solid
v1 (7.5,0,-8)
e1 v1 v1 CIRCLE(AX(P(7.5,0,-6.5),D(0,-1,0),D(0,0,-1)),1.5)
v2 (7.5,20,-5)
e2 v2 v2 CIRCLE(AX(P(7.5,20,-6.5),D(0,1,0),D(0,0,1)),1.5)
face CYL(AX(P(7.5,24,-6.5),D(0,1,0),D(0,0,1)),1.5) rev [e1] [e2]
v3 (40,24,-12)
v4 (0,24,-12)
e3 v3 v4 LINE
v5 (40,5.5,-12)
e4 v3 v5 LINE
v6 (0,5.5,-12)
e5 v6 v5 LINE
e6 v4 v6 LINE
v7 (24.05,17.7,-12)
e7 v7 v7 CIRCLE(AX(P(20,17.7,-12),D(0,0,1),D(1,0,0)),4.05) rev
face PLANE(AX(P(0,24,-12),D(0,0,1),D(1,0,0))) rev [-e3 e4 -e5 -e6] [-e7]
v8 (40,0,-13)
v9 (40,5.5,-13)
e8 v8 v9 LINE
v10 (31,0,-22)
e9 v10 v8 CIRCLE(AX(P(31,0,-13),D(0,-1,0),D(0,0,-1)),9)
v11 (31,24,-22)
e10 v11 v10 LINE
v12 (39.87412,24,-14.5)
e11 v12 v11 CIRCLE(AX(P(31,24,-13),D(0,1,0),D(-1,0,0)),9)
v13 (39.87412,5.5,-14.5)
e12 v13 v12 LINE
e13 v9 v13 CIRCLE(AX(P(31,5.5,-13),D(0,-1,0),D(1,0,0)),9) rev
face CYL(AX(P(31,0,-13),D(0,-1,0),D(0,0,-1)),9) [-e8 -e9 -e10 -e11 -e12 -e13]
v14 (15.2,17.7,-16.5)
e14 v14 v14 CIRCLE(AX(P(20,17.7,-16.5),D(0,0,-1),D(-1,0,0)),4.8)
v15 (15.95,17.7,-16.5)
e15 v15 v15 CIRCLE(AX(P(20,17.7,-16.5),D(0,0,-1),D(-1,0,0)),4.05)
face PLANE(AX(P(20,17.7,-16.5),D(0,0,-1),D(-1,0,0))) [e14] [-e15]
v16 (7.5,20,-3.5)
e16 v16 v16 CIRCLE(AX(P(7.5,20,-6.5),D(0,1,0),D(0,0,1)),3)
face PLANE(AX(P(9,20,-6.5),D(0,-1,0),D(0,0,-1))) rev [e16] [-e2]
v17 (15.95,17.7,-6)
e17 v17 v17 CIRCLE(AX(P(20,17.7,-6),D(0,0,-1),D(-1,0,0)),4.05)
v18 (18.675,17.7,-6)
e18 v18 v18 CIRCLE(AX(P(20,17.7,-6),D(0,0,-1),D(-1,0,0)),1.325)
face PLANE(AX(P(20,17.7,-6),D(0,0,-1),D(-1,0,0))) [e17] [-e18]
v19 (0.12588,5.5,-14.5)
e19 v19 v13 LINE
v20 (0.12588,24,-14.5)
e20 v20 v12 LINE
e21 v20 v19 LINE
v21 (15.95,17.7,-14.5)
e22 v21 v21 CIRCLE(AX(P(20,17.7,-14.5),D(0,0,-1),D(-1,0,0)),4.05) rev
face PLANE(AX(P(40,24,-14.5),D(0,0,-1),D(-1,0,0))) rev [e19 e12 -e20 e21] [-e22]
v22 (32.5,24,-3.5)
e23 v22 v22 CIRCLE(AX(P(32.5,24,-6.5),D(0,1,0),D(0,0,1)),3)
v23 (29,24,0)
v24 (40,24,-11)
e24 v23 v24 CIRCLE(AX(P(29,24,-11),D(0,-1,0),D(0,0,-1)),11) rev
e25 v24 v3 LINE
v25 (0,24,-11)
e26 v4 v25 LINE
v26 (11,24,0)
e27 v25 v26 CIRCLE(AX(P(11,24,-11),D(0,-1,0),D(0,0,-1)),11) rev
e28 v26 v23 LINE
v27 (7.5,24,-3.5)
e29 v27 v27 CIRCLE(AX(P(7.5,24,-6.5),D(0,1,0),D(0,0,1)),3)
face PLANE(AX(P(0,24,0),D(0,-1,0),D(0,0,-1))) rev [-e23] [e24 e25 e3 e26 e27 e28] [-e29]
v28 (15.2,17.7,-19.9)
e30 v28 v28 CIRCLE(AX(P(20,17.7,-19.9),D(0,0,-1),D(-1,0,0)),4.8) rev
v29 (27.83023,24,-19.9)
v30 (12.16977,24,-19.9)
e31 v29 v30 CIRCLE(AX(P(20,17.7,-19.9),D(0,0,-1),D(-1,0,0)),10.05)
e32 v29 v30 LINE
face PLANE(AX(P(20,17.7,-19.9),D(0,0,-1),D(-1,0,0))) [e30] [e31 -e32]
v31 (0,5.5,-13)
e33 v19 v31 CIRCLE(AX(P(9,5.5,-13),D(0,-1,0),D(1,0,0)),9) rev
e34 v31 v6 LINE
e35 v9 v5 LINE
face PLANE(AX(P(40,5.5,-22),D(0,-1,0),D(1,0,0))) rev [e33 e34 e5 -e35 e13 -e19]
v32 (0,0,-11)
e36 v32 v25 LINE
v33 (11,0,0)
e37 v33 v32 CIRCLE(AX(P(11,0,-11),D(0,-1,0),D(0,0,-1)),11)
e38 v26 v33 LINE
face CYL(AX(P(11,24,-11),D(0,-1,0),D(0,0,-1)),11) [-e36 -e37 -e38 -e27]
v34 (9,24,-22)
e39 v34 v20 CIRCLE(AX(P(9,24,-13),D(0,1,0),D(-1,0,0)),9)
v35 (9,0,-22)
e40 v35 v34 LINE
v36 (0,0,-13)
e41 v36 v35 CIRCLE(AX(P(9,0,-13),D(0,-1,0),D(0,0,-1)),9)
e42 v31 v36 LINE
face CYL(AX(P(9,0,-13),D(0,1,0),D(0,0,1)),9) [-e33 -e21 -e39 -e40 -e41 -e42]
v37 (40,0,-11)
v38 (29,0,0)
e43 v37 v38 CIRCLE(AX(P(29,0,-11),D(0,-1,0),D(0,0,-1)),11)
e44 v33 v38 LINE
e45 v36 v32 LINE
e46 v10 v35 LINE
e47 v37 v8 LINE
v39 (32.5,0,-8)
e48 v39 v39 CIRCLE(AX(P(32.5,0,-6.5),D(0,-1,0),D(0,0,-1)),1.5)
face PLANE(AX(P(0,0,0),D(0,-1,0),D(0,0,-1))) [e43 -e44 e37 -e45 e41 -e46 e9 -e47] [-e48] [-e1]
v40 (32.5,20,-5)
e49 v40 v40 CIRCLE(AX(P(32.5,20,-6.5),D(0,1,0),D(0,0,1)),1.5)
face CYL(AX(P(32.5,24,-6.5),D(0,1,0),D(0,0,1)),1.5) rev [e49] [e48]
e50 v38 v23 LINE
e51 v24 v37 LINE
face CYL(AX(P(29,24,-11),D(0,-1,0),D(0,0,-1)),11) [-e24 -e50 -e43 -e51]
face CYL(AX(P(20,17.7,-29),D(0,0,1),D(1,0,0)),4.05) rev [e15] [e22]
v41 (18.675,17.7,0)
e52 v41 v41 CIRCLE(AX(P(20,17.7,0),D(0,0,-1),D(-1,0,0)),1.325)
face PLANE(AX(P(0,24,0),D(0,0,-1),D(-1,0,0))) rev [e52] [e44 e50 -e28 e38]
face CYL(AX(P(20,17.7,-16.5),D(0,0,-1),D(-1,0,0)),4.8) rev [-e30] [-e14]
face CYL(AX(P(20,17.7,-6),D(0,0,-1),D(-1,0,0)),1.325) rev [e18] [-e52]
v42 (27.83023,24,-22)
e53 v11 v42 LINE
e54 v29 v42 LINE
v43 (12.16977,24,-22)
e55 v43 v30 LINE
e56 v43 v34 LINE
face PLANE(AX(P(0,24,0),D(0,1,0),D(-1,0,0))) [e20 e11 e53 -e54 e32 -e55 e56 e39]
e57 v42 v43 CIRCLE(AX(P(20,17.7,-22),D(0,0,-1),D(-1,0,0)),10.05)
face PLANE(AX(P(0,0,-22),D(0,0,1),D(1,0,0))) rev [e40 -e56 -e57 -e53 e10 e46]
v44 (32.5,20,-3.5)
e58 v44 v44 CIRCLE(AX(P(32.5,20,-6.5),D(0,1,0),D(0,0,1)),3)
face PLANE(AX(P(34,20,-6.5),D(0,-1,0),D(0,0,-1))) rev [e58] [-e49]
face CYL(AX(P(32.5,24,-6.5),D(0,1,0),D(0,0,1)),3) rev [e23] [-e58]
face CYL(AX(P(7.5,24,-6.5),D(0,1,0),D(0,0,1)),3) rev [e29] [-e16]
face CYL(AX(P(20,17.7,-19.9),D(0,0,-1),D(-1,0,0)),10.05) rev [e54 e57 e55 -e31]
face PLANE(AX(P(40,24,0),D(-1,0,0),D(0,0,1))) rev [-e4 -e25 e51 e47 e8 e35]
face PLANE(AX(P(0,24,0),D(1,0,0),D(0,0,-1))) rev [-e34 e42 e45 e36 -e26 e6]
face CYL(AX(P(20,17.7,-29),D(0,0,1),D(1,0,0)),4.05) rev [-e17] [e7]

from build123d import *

# Parameters (mm, degrees)
SKETCH2_W                                          = 40
SKETCH2_H                                          = 12
BOSS_EXTRUDE1_DEPTH                                = 24
CBORE_FOR_M2_5_HEX_HEAD_MACHINE_SCREW1_D           = 3
CBORE_FOR_M2_5_HEX_HEAD_MACHINE_SCREW1_DEPTH       = 38.1
CBORE_FOR_M2_5_HEX_HEAD_MACHINE_SCREW1_CBORE_D     = 6
CBORE_FOR_M2_5_HEX_HEAD_MACHINE_SCREW1_CBORE_DEPTH = 4
CBORE_FOR_M2_5_HEX_HEAD_MACHINE_SCREW1_TIP         = 0.901290929
SKETCH11_W                                         = 40
SKETCH11_H                                         = 5.5
BOSS_EXTRUDE2_DEPTH                                = 10
SKETCH12_W                                         = 40
SKETCH12_H                                         = 7.5
BOSS_EXTRUDE3_DEPTH                                = 18.5
SKETCH10_R                                         = 4.05
CUT_EXTRUDE1_DEPTH                                 = 17
CUT_EXTRUDE1_DEPTH_BACK                            = 6
SKETCH13_R                                         = 4.8
CUT_EXTRUDE2_DEPTH                                 = 5.5
SKETCH14_R                                         = 10.05
CUT_EXTRUDE3_DEPTH                                 = 2.1
TAP_DRILL_FOR_M2_5_HELICOIL1_D                     = 2.65
FILLET1_R                                          = 11
FILLET2_R                                          = 9


with BuildPart() as part:
    # Sketch2 → Boss-Extrude1 (new body)
    with BuildSketch(Plane(origin=(0, 0, 0), x_dir=(1, 0, 0), z_dir=(0, 1, 0))):
        with Locations((20, 6)):
            Rectangle(SKETCH2_W, SKETCH2_H)
    extrude(amount=BOSS_EXTRUDE1_DEPTH)

    # CBORE for M2.5 Hex Head Machine Screw1
    with Locations(Plane(origin=(0, 24, 0), x_dir=(1, 0, 0), z_dir=(0, 1, 0))):
        with Locations((7.5, 6.5), (32.5, 6.5)):
            CounterBoreHole(CBORE_FOR_M2_5_HEX_HEAD_MACHINE_SCREW1_D / 2, CBORE_FOR_M2_5_HEX_HEAD_MACHINE_SCREW1_CBORE_D / 2, CBORE_FOR_M2_5_HEX_HEAD_MACHINE_SCREW1_CBORE_DEPTH, depth=CBORE_FOR_M2_5_HEX_HEAD_MACHINE_SCREW1_DEPTH)
            with Locations((0, 0, -(CBORE_FOR_M2_5_HEX_HEAD_MACHINE_SCREW1_DEPTH + CBORE_FOR_M2_5_HEX_HEAD_MACHINE_SCREW1_TIP / 2))):  # 118° drill point
                Cone(0, CBORE_FOR_M2_5_HEX_HEAD_MACHINE_SCREW1_D / 2, CBORE_FOR_M2_5_HEX_HEAD_MACHINE_SCREW1_TIP, mode=Mode.SUBTRACT)

    # Sketch11 → Boss-Extrude2 (add)
    with BuildSketch(Plane(origin=(0, 0, -12), x_dir=(-1, 0, 0), z_dir=(0, 0, -1))):
        with Locations((-20, 2.75)):
            Rectangle(SKETCH11_W, SKETCH11_H)
    extrude(amount=BOSS_EXTRUDE2_DEPTH)

    # Sketch12 → Boss-Extrude3 (add)
    with BuildSketch(Plane(origin=(0, 5.5, 0), x_dir=(1, 0, 0), z_dir=(0, 1, 0))):
        with Locations((20, 18.25)):
            Rectangle(SKETCH12_W, SKETCH12_H)
    extrude(amount=BOSS_EXTRUDE3_DEPTH)

    # Sketch10 → Cut-Extrude1 (cut, two sides)
    with BuildSketch(Plane(origin=(0, 0, -12), x_dir=(-1, 0, 0), z_dir=(0, 0, -1))) as cut_extrude1_sk:
        with Locations((-20, 17.7)):
            Circle(SKETCH10_R)
    extrude(amount=CUT_EXTRUDE1_DEPTH, mode=Mode.SUBTRACT)
    extrude(cut_extrude1_sk.sketch, amount=-CUT_EXTRUDE1_DEPTH_BACK, mode=Mode.SUBTRACT)

    # Sketch13 → Cut-Extrude2 (cut)
    with BuildSketch(Plane(origin=(0, 0, -22), x_dir=(-1, 0, 0), z_dir=(0, 0, -1))):
        with Locations((-20, 17.7)):
            Circle(SKETCH13_R)
    extrude(amount=-CUT_EXTRUDE2_DEPTH, mode=Mode.SUBTRACT)

    # Sketch14 → Cut-Extrude3 (cut)
    with BuildSketch(Plane(origin=(0, 0, -22), x_dir=(-1, 0, 0), z_dir=(0, 0, -1))):
        with Locations((-20, 17.7)):
            Circle(SKETCH14_R)
    extrude(amount=-CUT_EXTRUDE3_DEPTH, mode=Mode.SUBTRACT)

    # Tap Drill for M2.5 Helicoil1 (through all)
    with Locations(Plane(origin=(0, 0, -6), x_dir=(-1, 0, 0), z_dir=(0, 0, -1))):
        with Locations((-20, 17.7)):
            Hole(TAP_DRILL_FOR_M2_5_HELICOIL1_D / 2)

    # Fillet1
    fillet1_edges = [part.edges().sort_by_distance(p)[0] for p in [
        (40, 12, 0),
        (0, 12, 0),
    ]]
    fillet(fillet1_edges, radius=FILLET1_R)

    # Fillet2
    fillet2_edges = [part.edges().sort_by_distance(p)[0] for p in [
        (0, 12, -22),
        (40, 12, -22),
    ]]
    fillet(fillet2_edges, radius=FILLET2_R)


solid = part.part
